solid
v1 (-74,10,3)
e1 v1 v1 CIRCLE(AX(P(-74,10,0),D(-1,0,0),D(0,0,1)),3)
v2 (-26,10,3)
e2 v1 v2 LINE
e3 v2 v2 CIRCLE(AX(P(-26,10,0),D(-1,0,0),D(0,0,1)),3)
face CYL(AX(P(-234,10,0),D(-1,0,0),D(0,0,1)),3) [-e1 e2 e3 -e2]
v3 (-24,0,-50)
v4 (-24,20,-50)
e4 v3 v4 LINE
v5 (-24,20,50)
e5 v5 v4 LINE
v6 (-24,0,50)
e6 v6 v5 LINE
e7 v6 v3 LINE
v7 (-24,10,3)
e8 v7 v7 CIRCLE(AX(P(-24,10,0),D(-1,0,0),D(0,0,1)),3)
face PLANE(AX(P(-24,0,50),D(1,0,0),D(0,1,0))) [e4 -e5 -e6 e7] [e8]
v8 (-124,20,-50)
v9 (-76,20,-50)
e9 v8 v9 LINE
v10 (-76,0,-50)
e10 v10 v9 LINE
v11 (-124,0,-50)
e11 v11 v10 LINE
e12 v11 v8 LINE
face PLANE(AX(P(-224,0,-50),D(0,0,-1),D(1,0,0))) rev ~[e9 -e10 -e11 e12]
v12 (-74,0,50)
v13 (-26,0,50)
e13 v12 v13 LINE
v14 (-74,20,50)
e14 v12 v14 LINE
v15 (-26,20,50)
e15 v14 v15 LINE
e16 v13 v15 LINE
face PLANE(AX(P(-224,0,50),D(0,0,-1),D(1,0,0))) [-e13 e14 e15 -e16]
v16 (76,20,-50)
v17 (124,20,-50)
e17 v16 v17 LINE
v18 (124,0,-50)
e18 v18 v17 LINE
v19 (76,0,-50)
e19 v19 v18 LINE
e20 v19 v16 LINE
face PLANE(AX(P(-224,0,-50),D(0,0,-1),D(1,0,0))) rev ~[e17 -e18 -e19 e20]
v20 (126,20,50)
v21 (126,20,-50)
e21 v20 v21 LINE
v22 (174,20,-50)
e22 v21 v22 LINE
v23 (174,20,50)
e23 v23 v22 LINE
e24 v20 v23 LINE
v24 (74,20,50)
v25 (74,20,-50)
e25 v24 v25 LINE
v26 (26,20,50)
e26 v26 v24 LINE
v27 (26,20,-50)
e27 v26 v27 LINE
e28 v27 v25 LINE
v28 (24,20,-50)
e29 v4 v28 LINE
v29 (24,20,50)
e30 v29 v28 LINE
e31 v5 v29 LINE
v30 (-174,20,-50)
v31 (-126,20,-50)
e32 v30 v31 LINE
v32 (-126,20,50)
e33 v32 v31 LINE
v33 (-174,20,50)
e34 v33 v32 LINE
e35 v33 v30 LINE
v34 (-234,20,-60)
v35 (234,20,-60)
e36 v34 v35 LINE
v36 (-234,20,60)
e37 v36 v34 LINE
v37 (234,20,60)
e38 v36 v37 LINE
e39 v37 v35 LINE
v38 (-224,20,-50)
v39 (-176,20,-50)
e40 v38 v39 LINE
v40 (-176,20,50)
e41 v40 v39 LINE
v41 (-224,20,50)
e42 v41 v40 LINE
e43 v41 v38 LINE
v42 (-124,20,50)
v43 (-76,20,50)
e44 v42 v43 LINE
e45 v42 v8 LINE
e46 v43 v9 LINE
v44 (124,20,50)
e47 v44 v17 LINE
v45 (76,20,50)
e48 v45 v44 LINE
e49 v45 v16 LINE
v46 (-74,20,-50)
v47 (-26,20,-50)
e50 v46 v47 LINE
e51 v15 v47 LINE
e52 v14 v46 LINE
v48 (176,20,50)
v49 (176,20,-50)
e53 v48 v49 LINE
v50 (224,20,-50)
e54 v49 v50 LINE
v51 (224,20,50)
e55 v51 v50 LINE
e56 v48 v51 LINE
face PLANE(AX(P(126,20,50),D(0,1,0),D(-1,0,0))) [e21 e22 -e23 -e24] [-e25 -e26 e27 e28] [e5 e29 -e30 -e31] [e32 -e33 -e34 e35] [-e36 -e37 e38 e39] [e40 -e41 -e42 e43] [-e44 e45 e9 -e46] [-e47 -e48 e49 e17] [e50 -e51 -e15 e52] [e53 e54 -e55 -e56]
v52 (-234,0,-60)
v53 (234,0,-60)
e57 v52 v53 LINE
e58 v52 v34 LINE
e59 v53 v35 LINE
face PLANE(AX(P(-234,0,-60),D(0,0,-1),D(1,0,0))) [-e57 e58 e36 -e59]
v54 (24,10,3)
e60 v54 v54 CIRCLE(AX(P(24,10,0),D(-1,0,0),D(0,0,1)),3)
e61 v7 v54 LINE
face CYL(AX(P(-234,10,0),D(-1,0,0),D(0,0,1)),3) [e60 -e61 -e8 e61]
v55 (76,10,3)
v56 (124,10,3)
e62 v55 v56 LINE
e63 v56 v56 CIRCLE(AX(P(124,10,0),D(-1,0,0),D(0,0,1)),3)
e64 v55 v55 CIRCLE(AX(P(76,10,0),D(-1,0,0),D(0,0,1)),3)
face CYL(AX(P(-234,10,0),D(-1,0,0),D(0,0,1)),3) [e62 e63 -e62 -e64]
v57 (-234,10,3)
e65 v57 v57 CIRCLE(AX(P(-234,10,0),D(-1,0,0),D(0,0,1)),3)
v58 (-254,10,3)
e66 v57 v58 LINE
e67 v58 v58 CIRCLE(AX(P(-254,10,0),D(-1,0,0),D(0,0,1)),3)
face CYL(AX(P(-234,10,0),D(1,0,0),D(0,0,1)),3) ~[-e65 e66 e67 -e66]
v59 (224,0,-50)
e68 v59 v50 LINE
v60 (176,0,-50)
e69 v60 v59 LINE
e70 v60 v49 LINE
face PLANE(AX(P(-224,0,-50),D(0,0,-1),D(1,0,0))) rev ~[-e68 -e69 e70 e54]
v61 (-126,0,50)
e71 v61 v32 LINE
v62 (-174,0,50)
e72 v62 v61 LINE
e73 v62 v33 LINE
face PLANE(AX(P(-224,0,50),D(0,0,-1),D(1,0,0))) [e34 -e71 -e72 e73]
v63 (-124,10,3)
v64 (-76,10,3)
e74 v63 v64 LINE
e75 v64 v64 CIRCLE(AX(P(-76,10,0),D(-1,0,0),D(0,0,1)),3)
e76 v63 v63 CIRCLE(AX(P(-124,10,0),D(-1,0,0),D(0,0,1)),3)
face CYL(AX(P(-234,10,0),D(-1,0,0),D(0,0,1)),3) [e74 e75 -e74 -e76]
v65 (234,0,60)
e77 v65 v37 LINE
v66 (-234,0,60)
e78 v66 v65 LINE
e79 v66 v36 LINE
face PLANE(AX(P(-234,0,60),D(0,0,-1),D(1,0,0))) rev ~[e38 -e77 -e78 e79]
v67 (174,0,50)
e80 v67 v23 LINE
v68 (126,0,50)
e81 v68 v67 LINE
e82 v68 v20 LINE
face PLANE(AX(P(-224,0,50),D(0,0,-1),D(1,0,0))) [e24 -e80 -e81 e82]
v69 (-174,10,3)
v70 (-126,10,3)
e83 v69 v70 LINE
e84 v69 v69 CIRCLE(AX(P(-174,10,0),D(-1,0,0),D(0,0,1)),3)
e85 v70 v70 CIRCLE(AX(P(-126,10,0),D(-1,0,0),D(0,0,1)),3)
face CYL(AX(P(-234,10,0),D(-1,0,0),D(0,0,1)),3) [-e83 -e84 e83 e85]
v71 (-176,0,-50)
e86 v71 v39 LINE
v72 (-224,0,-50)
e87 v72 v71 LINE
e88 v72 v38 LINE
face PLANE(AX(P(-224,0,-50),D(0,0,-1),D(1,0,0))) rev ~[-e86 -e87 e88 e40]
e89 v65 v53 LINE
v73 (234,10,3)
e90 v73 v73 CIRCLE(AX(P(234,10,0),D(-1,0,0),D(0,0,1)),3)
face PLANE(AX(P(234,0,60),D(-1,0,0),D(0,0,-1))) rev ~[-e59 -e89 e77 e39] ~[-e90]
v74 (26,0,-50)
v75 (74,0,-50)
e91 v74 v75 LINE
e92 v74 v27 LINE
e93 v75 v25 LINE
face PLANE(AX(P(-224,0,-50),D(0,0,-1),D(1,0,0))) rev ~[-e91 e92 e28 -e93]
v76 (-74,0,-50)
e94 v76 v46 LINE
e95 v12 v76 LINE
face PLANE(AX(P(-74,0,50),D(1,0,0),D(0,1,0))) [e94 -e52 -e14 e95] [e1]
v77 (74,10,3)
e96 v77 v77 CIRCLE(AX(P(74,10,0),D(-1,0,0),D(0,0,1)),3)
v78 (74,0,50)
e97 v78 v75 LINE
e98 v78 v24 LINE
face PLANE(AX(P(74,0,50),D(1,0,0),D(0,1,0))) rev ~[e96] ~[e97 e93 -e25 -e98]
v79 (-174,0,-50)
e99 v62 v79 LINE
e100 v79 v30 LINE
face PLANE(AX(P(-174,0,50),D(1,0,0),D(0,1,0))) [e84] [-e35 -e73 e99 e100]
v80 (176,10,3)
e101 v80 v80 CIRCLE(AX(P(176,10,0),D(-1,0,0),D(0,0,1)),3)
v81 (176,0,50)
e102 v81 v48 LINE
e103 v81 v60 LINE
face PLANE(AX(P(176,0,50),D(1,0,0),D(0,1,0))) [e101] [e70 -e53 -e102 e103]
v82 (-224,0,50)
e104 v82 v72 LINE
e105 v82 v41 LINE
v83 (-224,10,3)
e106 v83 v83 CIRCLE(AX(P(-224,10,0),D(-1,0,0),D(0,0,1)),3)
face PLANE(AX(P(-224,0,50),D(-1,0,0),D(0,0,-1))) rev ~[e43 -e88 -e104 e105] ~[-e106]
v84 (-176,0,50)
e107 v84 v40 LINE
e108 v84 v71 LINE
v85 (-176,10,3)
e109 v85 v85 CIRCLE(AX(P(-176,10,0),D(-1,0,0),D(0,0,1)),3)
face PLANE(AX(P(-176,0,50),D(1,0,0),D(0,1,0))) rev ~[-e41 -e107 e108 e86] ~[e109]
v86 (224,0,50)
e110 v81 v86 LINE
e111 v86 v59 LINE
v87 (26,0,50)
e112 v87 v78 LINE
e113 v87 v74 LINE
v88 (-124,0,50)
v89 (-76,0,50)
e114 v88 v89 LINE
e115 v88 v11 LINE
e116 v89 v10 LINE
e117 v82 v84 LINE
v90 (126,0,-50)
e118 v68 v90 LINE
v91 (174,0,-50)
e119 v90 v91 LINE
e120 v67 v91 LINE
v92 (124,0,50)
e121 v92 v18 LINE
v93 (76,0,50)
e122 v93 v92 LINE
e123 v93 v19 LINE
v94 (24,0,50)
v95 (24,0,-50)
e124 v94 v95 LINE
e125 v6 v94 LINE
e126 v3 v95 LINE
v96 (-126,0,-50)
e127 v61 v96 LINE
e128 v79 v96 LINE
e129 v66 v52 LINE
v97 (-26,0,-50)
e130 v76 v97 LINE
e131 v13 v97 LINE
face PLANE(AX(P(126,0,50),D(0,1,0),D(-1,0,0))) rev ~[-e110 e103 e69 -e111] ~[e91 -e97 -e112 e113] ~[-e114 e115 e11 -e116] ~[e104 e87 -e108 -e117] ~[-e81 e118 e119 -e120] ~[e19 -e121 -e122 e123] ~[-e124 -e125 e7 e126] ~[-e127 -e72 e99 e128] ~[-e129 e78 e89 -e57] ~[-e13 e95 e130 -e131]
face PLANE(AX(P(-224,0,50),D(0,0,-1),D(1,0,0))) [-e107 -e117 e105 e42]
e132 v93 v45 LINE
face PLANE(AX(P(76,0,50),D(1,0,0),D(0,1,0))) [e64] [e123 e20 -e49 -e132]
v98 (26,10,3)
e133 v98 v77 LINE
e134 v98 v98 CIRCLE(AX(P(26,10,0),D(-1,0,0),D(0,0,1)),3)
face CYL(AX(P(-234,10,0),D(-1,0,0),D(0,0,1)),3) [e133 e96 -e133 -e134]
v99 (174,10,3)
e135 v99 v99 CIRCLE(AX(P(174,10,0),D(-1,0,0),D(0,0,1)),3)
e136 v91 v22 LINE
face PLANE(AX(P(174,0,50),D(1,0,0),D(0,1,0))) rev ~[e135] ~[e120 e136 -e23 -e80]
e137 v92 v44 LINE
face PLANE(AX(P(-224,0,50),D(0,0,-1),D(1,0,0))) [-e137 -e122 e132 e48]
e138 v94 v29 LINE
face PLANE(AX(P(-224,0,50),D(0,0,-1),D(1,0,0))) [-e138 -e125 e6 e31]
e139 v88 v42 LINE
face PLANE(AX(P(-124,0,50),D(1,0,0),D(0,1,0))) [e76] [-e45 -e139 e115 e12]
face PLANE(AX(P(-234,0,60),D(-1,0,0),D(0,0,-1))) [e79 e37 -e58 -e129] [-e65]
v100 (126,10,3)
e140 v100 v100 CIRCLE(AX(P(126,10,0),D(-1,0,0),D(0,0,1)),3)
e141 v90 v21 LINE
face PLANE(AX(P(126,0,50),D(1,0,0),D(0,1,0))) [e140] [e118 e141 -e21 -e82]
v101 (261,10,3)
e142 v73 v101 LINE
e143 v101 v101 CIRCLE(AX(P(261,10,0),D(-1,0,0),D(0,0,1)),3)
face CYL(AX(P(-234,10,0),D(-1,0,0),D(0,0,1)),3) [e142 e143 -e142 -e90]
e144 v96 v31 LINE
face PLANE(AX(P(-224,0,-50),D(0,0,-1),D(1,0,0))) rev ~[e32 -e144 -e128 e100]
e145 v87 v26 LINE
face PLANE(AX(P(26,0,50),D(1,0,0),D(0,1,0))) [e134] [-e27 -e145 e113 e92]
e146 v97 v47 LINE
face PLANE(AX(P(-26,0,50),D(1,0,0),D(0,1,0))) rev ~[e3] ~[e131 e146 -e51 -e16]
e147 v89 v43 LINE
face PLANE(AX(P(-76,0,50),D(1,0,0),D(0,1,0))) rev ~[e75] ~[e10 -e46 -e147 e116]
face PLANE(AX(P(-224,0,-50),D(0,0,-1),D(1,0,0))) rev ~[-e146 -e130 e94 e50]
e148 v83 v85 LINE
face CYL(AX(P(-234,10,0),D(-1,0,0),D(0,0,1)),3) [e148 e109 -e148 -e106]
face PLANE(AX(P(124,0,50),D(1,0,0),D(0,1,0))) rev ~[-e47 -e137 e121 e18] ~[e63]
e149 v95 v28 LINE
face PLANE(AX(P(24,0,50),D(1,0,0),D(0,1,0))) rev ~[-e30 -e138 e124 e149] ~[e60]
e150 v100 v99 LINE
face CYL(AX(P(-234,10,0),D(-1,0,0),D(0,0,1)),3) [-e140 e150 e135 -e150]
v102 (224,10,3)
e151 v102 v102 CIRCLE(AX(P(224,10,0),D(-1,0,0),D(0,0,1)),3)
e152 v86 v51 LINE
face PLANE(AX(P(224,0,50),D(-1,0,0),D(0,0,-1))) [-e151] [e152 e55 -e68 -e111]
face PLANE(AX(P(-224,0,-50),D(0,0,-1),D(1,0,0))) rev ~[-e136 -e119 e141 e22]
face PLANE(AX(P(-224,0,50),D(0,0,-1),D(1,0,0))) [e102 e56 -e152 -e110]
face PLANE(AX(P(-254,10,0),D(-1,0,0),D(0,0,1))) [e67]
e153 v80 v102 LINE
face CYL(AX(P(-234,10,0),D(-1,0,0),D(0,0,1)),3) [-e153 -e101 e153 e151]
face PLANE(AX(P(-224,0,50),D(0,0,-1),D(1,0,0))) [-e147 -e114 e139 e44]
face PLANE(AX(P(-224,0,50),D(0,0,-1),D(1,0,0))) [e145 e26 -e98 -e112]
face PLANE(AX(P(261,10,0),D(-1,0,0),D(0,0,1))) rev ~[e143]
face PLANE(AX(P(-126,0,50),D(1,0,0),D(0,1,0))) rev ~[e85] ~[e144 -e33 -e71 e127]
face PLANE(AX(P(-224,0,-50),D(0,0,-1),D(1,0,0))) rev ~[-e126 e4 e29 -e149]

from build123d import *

# Parameters (mm, degrees)
SKETCH1_W                = 468
SKETCH1_H                = 120
SKETCH1_W_2              = 448
SKETCH1_H_2              = 100
BOSS_EXTRUDE1_DEPTH      = 20
SKETCH2_R                = 3
BOSS_EXTRUDE2_DEPTH      = 20
BOSS_EXTRUDE2_DEPTH_BACK = 495
SKETCH4_W                = 2
SKETCH4_H                = 20
BOSS_EXTRUDE3_DEPTH      = 100


with BuildPart() as part:
    # Sketch1 → Boss-Extrude1 (new body)
    with BuildSketch(Plane(origin=(0, 0, 0), x_dir=(1, 0, 0), z_dir=(0, 1, 0))):
        Rectangle(SKETCH1_W, SKETCH1_H)
        Rectangle(SKETCH1_W_2, SKETCH1_H_2, mode=Mode.SUBTRACT)
    extrude(amount=BOSS_EXTRUDE1_DEPTH)

    # Sketch2 → Boss-Extrude2 (add, two sides)
    with BuildSketch(Plane.ZY.offset(234)) as boss_extrude2_sk:
        with Locations((0, 10)):
            Circle(SKETCH2_R)
    extrude(amount=BOSS_EXTRUDE2_DEPTH)
    extrude(boss_extrude2_sk.sketch, amount=-BOSS_EXTRUDE2_DEPTH_BACK)

    # Sketch4 → Boss-Extrude3 (add)
    with BuildSketch(Plane(origin=(0, 0, 50), x_dir=(-1, 0, 0), z_dir=(0, 0, -1))):
        with Locations((-125, 10)):
            Rectangle(SKETCH4_W, SKETCH4_H)
        with Locations((-75, 10)):
            Rectangle(SKETCH4_W, SKETCH4_H)
        with Locations((-25, 10)):
            Rectangle(SKETCH4_W, SKETCH4_H)
        with Locations((25, 10)):
            Rectangle(SKETCH4_W, SKETCH4_H)
        with Locations((75, 10)):
            Rectangle(SKETCH4_W, SKETCH4_H)
        with Locations((125, 10)):
            Rectangle(SKETCH4_W, SKETCH4_H)
        with Locations((175, 10)):
            Rectangle(SKETCH4_W, SKETCH4_H)
        with Locations((-175, 10)):
            Rectangle(SKETCH4_W, SKETCH4_H)
    extrude(amount=BOSS_EXTRUDE3_DEPTH)


solid = part.part
